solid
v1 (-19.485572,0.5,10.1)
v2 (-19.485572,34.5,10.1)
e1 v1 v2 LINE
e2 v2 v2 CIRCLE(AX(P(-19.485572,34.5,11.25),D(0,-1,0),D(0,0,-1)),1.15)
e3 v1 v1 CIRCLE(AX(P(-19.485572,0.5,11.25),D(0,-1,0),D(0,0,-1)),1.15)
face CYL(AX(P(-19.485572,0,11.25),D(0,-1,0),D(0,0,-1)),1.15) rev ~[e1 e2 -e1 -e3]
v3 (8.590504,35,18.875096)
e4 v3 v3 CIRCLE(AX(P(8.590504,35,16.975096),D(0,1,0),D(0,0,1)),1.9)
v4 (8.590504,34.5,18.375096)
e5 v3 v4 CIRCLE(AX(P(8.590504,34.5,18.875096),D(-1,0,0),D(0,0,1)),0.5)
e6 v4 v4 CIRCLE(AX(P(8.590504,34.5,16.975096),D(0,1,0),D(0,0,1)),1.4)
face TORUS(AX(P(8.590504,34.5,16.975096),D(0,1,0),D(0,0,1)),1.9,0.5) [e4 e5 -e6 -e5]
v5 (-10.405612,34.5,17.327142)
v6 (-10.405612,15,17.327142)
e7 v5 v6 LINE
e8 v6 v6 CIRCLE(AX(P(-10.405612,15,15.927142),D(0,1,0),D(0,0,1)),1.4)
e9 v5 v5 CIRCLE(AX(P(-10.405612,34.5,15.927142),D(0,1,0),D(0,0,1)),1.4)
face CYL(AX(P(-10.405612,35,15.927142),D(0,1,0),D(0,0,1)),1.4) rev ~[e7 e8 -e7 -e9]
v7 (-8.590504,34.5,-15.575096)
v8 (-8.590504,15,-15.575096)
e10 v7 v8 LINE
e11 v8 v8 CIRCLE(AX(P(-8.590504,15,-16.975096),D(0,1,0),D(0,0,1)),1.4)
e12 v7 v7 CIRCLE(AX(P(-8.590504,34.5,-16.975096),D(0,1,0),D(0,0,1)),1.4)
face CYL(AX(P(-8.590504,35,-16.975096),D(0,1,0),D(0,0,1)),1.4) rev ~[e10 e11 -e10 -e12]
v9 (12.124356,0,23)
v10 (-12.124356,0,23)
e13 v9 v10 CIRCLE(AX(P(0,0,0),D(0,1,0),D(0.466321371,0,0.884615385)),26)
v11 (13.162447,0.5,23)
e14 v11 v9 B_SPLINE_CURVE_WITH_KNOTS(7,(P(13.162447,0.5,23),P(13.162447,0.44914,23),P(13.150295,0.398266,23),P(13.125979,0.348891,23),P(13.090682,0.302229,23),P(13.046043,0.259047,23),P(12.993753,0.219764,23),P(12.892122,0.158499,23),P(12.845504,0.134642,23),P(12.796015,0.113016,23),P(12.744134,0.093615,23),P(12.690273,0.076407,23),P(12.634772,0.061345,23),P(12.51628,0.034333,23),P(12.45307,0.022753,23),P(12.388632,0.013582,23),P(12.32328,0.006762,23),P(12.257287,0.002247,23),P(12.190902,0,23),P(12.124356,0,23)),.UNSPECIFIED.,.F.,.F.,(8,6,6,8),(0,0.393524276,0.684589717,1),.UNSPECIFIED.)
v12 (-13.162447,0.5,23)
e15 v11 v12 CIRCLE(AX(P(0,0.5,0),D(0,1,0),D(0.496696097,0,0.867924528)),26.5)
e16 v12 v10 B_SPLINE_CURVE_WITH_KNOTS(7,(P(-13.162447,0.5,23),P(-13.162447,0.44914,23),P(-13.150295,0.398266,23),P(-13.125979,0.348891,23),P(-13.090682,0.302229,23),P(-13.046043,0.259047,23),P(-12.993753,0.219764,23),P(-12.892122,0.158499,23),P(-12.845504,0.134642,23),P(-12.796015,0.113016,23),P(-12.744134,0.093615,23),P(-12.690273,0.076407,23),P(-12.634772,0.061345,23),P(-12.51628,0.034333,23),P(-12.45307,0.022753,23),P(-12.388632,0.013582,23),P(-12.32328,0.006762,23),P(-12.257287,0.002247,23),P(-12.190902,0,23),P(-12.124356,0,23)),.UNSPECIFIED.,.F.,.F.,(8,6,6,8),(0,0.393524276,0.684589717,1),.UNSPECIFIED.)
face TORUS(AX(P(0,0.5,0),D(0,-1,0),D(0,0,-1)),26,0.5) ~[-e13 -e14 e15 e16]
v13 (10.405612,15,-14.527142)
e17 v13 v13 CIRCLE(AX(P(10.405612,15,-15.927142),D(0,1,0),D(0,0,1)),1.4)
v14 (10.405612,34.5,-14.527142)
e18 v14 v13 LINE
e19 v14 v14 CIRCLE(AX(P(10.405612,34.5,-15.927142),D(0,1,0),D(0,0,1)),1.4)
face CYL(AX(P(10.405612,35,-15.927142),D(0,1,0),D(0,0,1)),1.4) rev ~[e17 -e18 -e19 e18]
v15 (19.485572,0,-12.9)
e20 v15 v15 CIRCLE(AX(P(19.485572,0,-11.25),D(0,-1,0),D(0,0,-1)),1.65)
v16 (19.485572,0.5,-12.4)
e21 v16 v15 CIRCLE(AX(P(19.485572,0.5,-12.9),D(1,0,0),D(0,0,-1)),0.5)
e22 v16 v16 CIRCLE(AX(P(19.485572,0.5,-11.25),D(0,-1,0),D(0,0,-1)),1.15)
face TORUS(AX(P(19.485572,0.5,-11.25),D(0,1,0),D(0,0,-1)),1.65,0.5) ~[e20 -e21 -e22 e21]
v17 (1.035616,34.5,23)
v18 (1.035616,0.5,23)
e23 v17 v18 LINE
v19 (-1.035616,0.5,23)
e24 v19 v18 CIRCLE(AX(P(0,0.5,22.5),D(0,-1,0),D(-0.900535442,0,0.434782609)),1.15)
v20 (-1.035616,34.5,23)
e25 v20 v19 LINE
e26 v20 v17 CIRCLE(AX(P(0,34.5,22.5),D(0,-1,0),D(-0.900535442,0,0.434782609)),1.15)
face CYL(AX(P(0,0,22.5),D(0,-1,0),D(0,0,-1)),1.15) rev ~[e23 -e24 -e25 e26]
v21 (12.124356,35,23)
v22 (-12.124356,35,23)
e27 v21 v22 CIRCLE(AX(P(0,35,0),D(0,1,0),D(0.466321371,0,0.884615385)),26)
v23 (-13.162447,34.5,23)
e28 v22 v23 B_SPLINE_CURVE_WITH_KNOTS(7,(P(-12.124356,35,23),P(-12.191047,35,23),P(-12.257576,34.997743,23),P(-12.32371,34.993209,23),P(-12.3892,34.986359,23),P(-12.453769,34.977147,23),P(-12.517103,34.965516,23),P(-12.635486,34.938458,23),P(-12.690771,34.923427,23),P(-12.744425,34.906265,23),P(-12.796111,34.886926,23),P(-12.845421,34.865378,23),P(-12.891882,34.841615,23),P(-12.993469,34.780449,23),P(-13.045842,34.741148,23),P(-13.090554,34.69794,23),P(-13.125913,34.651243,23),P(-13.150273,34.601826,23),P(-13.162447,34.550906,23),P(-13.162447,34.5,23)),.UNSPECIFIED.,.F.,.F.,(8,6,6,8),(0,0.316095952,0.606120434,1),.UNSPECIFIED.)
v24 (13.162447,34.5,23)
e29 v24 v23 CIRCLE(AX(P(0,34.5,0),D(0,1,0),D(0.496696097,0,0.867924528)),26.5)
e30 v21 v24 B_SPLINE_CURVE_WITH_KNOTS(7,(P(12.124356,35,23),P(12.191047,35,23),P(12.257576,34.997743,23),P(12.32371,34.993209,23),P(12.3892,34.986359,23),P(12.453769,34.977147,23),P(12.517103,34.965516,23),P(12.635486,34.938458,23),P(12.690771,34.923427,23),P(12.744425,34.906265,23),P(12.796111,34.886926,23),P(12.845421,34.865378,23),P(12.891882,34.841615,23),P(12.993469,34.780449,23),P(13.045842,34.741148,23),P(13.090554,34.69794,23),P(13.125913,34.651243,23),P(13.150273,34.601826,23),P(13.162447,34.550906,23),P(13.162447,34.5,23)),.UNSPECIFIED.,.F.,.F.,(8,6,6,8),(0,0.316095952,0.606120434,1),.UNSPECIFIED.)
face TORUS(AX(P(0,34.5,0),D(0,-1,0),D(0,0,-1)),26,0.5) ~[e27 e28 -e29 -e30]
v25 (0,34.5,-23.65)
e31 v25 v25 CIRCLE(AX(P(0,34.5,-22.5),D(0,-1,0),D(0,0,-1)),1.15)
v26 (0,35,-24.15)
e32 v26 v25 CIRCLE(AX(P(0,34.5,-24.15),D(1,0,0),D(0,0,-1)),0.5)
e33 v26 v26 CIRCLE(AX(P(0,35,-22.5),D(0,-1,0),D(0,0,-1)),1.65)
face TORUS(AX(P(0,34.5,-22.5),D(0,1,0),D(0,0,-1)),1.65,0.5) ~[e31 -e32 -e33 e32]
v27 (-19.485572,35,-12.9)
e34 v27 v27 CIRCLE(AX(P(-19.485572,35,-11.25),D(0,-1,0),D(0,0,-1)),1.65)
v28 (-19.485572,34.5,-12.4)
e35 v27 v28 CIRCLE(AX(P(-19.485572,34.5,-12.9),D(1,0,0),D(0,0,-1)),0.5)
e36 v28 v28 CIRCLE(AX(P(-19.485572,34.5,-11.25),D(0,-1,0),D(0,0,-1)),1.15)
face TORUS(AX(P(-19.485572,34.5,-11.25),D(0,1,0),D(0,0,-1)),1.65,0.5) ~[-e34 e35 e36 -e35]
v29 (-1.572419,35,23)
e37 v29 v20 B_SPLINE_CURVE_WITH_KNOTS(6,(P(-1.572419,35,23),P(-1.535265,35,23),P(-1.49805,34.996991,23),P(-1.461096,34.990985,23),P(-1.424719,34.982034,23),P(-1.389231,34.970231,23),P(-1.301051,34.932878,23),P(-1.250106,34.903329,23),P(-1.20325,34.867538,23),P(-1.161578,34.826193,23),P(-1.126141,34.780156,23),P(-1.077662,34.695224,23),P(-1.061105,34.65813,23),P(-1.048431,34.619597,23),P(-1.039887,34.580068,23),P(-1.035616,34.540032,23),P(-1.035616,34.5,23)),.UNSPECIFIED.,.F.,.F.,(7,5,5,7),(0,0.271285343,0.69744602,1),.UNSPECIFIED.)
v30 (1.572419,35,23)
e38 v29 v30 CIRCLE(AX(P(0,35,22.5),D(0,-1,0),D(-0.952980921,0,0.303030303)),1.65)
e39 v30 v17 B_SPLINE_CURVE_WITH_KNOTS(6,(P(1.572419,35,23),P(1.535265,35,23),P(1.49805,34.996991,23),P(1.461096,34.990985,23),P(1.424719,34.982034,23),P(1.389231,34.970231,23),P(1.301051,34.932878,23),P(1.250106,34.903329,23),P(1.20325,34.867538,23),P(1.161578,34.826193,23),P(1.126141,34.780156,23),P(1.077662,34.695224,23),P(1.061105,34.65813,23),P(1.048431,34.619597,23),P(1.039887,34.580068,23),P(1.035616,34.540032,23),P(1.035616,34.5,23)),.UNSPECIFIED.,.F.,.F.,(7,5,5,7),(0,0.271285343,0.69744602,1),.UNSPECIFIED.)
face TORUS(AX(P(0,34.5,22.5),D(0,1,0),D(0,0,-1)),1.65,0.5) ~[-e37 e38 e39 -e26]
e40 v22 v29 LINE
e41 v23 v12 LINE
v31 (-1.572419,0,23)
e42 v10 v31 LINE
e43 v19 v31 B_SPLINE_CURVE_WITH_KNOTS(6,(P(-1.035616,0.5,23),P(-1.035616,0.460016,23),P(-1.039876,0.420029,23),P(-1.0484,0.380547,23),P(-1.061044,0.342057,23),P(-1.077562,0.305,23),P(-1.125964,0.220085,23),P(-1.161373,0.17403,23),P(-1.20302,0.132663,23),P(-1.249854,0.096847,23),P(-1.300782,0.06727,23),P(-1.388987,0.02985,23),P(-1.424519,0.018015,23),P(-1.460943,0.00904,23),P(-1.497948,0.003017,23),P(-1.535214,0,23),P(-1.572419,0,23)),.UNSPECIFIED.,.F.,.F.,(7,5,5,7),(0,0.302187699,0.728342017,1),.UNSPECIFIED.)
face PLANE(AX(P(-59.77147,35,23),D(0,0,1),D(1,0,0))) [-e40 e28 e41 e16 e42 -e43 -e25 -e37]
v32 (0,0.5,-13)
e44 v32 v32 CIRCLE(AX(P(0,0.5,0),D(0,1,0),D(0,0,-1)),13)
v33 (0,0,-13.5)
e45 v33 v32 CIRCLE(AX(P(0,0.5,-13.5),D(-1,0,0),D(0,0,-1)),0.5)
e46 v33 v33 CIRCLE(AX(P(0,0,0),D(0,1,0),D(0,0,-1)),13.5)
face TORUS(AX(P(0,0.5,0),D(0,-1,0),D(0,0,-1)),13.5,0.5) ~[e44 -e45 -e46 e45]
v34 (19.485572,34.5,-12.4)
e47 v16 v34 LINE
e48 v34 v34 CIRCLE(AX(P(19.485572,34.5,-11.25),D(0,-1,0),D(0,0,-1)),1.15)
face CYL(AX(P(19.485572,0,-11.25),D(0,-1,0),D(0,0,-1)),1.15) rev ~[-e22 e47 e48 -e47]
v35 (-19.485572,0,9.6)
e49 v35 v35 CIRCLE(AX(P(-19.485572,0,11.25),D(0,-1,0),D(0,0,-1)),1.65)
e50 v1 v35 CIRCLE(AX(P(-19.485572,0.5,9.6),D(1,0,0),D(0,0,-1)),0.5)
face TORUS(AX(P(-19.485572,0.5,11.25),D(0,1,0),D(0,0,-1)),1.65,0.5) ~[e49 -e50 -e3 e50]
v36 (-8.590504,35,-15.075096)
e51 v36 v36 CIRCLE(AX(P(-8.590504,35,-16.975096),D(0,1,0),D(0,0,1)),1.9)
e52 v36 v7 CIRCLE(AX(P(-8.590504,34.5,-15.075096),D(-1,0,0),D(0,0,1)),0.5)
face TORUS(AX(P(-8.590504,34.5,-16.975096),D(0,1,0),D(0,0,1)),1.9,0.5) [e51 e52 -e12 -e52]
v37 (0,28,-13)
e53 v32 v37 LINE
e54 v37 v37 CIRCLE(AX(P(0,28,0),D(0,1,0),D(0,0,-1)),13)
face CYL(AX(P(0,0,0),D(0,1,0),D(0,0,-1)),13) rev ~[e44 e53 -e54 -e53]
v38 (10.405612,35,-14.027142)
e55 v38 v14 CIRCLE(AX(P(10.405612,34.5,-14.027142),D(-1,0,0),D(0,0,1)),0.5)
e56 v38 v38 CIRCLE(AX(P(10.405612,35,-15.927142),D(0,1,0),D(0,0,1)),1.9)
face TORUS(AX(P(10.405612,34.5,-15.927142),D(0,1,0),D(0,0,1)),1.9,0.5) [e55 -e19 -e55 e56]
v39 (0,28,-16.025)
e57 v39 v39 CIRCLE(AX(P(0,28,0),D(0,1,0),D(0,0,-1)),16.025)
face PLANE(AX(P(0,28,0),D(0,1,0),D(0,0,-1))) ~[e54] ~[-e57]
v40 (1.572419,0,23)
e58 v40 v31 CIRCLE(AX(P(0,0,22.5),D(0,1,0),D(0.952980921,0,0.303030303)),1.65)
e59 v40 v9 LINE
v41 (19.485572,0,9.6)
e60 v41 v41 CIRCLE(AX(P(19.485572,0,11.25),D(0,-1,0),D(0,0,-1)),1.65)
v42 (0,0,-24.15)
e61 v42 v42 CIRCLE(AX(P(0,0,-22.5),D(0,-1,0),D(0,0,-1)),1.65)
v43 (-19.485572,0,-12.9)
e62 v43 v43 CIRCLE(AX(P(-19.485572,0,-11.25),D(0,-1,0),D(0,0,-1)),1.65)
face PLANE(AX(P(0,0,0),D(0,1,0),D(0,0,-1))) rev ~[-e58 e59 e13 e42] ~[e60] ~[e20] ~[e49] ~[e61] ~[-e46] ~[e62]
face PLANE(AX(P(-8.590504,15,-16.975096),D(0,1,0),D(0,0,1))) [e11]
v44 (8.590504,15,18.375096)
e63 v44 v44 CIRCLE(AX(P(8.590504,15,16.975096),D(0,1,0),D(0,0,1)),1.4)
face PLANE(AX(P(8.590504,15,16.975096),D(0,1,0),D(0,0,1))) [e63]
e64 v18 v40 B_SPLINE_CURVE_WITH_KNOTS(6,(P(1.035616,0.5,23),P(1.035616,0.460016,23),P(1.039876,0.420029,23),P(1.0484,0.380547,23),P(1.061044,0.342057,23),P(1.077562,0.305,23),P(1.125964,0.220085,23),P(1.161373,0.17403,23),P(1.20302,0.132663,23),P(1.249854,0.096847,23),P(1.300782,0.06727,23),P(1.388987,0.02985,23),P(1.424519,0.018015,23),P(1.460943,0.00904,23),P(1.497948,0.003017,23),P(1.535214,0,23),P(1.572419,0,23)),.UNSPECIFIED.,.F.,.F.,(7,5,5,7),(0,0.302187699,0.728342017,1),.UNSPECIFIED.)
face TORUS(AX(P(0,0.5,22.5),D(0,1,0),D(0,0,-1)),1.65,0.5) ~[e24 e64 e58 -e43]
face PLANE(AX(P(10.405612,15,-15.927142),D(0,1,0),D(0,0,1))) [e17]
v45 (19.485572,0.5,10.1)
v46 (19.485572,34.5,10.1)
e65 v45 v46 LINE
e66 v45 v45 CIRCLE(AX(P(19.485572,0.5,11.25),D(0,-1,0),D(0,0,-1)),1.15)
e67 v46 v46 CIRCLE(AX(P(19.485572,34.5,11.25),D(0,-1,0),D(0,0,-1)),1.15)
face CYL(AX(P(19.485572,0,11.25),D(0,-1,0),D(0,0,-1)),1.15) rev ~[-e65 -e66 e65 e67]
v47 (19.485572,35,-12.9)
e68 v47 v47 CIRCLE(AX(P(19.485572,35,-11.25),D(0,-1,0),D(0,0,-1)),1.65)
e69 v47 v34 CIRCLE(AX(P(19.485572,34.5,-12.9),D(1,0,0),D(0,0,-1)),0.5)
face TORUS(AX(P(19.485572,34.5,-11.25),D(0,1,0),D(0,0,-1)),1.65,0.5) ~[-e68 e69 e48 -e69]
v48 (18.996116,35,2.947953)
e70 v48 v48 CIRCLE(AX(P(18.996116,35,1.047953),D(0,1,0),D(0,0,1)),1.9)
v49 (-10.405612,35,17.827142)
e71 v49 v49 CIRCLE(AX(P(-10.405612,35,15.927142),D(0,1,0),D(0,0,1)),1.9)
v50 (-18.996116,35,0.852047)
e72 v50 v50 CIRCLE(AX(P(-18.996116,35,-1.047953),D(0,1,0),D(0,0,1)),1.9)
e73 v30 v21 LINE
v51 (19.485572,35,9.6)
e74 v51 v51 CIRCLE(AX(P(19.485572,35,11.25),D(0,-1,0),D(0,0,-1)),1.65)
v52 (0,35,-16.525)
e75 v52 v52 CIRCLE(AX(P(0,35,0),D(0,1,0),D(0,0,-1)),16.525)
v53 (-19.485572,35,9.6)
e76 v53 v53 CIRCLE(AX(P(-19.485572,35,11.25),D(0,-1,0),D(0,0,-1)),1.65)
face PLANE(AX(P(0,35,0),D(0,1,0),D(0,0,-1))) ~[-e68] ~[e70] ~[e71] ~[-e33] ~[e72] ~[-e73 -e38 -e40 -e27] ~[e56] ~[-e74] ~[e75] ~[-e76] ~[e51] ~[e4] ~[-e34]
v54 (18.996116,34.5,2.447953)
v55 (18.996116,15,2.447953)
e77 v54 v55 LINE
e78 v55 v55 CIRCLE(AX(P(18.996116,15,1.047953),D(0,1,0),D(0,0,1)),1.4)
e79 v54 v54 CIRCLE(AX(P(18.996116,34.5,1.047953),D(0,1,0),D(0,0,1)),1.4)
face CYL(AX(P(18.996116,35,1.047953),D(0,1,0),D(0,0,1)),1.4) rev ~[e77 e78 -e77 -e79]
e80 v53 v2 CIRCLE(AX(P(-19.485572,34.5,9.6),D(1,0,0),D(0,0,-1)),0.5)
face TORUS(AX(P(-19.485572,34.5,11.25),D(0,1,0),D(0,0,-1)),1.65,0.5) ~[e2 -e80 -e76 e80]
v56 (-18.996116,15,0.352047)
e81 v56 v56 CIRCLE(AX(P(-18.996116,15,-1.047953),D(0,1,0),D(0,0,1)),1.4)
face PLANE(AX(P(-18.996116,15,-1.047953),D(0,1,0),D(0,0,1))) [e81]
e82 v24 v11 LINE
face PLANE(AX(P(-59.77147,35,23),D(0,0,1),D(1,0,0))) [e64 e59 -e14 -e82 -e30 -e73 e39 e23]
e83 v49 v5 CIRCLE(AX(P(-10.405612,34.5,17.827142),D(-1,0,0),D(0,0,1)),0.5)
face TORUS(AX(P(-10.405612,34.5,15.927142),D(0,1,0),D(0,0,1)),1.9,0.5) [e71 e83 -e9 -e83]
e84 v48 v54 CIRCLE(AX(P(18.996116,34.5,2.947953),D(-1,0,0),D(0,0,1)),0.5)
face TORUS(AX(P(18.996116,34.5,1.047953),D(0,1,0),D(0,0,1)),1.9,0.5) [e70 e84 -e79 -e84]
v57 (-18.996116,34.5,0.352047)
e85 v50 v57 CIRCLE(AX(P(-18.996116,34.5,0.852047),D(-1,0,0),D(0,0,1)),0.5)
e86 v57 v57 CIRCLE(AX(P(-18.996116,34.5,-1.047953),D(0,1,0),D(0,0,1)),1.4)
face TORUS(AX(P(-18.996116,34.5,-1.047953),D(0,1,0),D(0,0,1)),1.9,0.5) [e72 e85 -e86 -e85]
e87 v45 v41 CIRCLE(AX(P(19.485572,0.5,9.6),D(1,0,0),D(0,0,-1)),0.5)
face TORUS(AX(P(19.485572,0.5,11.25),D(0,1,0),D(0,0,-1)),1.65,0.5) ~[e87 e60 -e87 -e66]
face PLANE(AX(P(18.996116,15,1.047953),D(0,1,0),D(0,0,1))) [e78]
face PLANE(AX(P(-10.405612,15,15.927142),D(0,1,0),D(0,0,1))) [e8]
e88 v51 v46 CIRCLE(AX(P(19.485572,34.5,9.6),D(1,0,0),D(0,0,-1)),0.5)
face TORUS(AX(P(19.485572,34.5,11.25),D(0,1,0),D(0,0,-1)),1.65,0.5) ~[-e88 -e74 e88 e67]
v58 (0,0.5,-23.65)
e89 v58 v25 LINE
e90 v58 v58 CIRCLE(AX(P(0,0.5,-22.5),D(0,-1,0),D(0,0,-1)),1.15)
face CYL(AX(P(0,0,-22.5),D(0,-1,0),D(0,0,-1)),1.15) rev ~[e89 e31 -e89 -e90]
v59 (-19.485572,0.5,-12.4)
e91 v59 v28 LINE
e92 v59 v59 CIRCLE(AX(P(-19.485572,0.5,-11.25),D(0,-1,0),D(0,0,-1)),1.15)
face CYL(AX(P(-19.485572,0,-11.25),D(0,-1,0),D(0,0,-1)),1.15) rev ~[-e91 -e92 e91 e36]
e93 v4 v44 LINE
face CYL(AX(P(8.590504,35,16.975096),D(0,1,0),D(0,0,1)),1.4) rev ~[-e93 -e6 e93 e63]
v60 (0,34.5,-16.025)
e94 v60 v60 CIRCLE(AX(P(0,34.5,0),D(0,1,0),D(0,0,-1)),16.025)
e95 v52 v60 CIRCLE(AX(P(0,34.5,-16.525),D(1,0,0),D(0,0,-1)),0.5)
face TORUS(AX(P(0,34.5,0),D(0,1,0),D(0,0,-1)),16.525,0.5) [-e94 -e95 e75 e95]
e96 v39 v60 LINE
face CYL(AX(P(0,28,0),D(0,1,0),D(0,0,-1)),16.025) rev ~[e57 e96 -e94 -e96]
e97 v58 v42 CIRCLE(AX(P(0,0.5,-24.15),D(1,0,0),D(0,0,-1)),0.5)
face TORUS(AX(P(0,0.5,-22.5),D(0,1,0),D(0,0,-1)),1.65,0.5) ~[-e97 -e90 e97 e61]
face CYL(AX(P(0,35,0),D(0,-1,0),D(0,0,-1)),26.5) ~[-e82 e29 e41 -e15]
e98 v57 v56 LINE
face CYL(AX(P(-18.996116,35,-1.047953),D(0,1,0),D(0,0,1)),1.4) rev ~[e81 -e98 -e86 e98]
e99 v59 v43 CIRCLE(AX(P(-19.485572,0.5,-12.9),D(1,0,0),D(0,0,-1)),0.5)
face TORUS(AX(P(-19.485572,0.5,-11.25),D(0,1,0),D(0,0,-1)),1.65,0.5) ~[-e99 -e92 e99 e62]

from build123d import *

# Parameters (mm, degrees)
SKETCH2_R          = 1.4
CUT_EXTRUDE1_DEPTH = 20
SKETCH4_R          = 1.15
CUT_EXTRUDE2_DEPTH = 52.278650528
FILLET1_R          = 0.5
SKETCH6_W          = 121.102594462
SKETCH6_H          = 9.633160923
CUT_EXTRUDE3_DEPTH = 52.278650528


with BuildPart() as part:
    # Sketch1 → Revolve1 (revolve)
    with BuildSketch(Plane.XY, mode=Mode.PRIVATE) as revolve1_sk:
        Polygon((16.025, 35), (26.5, 35), (26.5, 0), (13, 0), (13, 28), (16.025, 28), align=None)
    revolve(revolve1_sk.sketch.rotate(Axis((0, 0, 0), (0, 1, 0)), 90), axis=Axis((0, 0, 0), (0, 1, 0)))

    # Sketch2 → Cut-Extrude1 (cut)
    with BuildSketch(Plane(origin=(0, 35, 0), x_dir=(1, 0, 0), z_dir=(0, 1, 0))):
        with Locations(Location((-8.590503645, 16.975095644, 0), (0, 0, 270))):
            Circle(SKETCH2_R)
        with Locations(Location((10.405612237, 15.92714221, 0), (0, 0, 270))):
            Circle(SKETCH2_R)
        with Locations(Location((18.996115882, -1.047953434, 0), (0, 0, 270))):
            Circle(SKETCH2_R)
        with Locations(Location((8.590503645, -16.975095644, 0), (0, 0, 270))):
            Circle(SKETCH2_R)
        with Locations(Location((-10.405612237, -15.92714221, 0), (0, 0, 270))):
            Circle(SKETCH2_R)
        with Locations(Location((-18.996115882, 1.047953434, 0), (0, 0, 270))):
            Circle(SKETCH2_R)
    extrude(amount=-CUT_EXTRUDE1_DEPTH, mode=Mode.SUBTRACT)

    # Sketch4 → Cut-Extrude2 (cut, through all)
    with BuildSketch(Plane.XZ):
        with Locations(Location((0, 22.5, 0), (0, 0, 270))):
            Circle(SKETCH4_R)
        with Locations(Location((19.485571585, 11.25, 0), (0, 0, 270))):
            Circle(SKETCH4_R)
        with Locations(Location((19.485571585, -11.25, 0), (0, 0, 270))):
            Circle(SKETCH4_R)
        with Locations(Location((0, -22.5, 0), (0, 0, 270))):
            Circle(SKETCH4_R)
        with Locations(Location((-19.485571585, -11.25, 0), (0, 0, 270))):
            Circle(SKETCH4_R)
        with Locations(Location((-19.485571585, 11.25, 0), (0, 0, 270))):
            Circle(SKETCH4_R)
    extrude(amount=-CUT_EXTRUDE2_DEPTH, mode=Mode.SUBTRACT)

    # Fillet1
    fillet1_edges = [part.edges().sort_by_distance(p)[0] for p in [
        (-18.996115882, 35, -2.447953434),
        (-10.405612237, 35, 14.52714221),
        (8.590503645, 35, 15.575095644),
        (18.996115882, 35, -0.352046566),
        (10.405612237, 35, -17.32714221),
        (-8.590503645, 35, -18.375095644),
        (0, 35, 23.65),
        (0, 0, 23.65),
        (-19.485571585, 35, 12.4),
        (-19.485571585, 0, 12.4),
        (-19.485571585, 35, -10.1),
        (-19.485571585, 0, -10.1),
        (0, 35, -21.35),
        (0, 0, -21.35),
        (19.485571585, 35, -10.1),
        (19.485571585, 0, -10.1),
        (19.485571585, 35, 12.4),
        (19.485571585, 0, 12.4),
        (0, 0, 13),
        (0, 0, 26.5),
        (0, 35, 26.5),
        (0, 35, 16.025),
    ]]
    fillet(fillet1_edges, radius=FILLET1_R)

    # Sketch6 → Cut-Extrude3 (cut, through all)
    with BuildSketch(Plane(origin=(0, 35, 0), x_dir=(1, 0, 0), z_dir=(0, 1, 0))):
        with Locations((0.779827313, -27.816580462)):
            Rectangle(SKETCH6_W, SKETCH6_H)
    extrude(amount=-CUT_EXTRUDE3_DEPTH, mode=Mode.SUBTRACT)


solid = part.part
